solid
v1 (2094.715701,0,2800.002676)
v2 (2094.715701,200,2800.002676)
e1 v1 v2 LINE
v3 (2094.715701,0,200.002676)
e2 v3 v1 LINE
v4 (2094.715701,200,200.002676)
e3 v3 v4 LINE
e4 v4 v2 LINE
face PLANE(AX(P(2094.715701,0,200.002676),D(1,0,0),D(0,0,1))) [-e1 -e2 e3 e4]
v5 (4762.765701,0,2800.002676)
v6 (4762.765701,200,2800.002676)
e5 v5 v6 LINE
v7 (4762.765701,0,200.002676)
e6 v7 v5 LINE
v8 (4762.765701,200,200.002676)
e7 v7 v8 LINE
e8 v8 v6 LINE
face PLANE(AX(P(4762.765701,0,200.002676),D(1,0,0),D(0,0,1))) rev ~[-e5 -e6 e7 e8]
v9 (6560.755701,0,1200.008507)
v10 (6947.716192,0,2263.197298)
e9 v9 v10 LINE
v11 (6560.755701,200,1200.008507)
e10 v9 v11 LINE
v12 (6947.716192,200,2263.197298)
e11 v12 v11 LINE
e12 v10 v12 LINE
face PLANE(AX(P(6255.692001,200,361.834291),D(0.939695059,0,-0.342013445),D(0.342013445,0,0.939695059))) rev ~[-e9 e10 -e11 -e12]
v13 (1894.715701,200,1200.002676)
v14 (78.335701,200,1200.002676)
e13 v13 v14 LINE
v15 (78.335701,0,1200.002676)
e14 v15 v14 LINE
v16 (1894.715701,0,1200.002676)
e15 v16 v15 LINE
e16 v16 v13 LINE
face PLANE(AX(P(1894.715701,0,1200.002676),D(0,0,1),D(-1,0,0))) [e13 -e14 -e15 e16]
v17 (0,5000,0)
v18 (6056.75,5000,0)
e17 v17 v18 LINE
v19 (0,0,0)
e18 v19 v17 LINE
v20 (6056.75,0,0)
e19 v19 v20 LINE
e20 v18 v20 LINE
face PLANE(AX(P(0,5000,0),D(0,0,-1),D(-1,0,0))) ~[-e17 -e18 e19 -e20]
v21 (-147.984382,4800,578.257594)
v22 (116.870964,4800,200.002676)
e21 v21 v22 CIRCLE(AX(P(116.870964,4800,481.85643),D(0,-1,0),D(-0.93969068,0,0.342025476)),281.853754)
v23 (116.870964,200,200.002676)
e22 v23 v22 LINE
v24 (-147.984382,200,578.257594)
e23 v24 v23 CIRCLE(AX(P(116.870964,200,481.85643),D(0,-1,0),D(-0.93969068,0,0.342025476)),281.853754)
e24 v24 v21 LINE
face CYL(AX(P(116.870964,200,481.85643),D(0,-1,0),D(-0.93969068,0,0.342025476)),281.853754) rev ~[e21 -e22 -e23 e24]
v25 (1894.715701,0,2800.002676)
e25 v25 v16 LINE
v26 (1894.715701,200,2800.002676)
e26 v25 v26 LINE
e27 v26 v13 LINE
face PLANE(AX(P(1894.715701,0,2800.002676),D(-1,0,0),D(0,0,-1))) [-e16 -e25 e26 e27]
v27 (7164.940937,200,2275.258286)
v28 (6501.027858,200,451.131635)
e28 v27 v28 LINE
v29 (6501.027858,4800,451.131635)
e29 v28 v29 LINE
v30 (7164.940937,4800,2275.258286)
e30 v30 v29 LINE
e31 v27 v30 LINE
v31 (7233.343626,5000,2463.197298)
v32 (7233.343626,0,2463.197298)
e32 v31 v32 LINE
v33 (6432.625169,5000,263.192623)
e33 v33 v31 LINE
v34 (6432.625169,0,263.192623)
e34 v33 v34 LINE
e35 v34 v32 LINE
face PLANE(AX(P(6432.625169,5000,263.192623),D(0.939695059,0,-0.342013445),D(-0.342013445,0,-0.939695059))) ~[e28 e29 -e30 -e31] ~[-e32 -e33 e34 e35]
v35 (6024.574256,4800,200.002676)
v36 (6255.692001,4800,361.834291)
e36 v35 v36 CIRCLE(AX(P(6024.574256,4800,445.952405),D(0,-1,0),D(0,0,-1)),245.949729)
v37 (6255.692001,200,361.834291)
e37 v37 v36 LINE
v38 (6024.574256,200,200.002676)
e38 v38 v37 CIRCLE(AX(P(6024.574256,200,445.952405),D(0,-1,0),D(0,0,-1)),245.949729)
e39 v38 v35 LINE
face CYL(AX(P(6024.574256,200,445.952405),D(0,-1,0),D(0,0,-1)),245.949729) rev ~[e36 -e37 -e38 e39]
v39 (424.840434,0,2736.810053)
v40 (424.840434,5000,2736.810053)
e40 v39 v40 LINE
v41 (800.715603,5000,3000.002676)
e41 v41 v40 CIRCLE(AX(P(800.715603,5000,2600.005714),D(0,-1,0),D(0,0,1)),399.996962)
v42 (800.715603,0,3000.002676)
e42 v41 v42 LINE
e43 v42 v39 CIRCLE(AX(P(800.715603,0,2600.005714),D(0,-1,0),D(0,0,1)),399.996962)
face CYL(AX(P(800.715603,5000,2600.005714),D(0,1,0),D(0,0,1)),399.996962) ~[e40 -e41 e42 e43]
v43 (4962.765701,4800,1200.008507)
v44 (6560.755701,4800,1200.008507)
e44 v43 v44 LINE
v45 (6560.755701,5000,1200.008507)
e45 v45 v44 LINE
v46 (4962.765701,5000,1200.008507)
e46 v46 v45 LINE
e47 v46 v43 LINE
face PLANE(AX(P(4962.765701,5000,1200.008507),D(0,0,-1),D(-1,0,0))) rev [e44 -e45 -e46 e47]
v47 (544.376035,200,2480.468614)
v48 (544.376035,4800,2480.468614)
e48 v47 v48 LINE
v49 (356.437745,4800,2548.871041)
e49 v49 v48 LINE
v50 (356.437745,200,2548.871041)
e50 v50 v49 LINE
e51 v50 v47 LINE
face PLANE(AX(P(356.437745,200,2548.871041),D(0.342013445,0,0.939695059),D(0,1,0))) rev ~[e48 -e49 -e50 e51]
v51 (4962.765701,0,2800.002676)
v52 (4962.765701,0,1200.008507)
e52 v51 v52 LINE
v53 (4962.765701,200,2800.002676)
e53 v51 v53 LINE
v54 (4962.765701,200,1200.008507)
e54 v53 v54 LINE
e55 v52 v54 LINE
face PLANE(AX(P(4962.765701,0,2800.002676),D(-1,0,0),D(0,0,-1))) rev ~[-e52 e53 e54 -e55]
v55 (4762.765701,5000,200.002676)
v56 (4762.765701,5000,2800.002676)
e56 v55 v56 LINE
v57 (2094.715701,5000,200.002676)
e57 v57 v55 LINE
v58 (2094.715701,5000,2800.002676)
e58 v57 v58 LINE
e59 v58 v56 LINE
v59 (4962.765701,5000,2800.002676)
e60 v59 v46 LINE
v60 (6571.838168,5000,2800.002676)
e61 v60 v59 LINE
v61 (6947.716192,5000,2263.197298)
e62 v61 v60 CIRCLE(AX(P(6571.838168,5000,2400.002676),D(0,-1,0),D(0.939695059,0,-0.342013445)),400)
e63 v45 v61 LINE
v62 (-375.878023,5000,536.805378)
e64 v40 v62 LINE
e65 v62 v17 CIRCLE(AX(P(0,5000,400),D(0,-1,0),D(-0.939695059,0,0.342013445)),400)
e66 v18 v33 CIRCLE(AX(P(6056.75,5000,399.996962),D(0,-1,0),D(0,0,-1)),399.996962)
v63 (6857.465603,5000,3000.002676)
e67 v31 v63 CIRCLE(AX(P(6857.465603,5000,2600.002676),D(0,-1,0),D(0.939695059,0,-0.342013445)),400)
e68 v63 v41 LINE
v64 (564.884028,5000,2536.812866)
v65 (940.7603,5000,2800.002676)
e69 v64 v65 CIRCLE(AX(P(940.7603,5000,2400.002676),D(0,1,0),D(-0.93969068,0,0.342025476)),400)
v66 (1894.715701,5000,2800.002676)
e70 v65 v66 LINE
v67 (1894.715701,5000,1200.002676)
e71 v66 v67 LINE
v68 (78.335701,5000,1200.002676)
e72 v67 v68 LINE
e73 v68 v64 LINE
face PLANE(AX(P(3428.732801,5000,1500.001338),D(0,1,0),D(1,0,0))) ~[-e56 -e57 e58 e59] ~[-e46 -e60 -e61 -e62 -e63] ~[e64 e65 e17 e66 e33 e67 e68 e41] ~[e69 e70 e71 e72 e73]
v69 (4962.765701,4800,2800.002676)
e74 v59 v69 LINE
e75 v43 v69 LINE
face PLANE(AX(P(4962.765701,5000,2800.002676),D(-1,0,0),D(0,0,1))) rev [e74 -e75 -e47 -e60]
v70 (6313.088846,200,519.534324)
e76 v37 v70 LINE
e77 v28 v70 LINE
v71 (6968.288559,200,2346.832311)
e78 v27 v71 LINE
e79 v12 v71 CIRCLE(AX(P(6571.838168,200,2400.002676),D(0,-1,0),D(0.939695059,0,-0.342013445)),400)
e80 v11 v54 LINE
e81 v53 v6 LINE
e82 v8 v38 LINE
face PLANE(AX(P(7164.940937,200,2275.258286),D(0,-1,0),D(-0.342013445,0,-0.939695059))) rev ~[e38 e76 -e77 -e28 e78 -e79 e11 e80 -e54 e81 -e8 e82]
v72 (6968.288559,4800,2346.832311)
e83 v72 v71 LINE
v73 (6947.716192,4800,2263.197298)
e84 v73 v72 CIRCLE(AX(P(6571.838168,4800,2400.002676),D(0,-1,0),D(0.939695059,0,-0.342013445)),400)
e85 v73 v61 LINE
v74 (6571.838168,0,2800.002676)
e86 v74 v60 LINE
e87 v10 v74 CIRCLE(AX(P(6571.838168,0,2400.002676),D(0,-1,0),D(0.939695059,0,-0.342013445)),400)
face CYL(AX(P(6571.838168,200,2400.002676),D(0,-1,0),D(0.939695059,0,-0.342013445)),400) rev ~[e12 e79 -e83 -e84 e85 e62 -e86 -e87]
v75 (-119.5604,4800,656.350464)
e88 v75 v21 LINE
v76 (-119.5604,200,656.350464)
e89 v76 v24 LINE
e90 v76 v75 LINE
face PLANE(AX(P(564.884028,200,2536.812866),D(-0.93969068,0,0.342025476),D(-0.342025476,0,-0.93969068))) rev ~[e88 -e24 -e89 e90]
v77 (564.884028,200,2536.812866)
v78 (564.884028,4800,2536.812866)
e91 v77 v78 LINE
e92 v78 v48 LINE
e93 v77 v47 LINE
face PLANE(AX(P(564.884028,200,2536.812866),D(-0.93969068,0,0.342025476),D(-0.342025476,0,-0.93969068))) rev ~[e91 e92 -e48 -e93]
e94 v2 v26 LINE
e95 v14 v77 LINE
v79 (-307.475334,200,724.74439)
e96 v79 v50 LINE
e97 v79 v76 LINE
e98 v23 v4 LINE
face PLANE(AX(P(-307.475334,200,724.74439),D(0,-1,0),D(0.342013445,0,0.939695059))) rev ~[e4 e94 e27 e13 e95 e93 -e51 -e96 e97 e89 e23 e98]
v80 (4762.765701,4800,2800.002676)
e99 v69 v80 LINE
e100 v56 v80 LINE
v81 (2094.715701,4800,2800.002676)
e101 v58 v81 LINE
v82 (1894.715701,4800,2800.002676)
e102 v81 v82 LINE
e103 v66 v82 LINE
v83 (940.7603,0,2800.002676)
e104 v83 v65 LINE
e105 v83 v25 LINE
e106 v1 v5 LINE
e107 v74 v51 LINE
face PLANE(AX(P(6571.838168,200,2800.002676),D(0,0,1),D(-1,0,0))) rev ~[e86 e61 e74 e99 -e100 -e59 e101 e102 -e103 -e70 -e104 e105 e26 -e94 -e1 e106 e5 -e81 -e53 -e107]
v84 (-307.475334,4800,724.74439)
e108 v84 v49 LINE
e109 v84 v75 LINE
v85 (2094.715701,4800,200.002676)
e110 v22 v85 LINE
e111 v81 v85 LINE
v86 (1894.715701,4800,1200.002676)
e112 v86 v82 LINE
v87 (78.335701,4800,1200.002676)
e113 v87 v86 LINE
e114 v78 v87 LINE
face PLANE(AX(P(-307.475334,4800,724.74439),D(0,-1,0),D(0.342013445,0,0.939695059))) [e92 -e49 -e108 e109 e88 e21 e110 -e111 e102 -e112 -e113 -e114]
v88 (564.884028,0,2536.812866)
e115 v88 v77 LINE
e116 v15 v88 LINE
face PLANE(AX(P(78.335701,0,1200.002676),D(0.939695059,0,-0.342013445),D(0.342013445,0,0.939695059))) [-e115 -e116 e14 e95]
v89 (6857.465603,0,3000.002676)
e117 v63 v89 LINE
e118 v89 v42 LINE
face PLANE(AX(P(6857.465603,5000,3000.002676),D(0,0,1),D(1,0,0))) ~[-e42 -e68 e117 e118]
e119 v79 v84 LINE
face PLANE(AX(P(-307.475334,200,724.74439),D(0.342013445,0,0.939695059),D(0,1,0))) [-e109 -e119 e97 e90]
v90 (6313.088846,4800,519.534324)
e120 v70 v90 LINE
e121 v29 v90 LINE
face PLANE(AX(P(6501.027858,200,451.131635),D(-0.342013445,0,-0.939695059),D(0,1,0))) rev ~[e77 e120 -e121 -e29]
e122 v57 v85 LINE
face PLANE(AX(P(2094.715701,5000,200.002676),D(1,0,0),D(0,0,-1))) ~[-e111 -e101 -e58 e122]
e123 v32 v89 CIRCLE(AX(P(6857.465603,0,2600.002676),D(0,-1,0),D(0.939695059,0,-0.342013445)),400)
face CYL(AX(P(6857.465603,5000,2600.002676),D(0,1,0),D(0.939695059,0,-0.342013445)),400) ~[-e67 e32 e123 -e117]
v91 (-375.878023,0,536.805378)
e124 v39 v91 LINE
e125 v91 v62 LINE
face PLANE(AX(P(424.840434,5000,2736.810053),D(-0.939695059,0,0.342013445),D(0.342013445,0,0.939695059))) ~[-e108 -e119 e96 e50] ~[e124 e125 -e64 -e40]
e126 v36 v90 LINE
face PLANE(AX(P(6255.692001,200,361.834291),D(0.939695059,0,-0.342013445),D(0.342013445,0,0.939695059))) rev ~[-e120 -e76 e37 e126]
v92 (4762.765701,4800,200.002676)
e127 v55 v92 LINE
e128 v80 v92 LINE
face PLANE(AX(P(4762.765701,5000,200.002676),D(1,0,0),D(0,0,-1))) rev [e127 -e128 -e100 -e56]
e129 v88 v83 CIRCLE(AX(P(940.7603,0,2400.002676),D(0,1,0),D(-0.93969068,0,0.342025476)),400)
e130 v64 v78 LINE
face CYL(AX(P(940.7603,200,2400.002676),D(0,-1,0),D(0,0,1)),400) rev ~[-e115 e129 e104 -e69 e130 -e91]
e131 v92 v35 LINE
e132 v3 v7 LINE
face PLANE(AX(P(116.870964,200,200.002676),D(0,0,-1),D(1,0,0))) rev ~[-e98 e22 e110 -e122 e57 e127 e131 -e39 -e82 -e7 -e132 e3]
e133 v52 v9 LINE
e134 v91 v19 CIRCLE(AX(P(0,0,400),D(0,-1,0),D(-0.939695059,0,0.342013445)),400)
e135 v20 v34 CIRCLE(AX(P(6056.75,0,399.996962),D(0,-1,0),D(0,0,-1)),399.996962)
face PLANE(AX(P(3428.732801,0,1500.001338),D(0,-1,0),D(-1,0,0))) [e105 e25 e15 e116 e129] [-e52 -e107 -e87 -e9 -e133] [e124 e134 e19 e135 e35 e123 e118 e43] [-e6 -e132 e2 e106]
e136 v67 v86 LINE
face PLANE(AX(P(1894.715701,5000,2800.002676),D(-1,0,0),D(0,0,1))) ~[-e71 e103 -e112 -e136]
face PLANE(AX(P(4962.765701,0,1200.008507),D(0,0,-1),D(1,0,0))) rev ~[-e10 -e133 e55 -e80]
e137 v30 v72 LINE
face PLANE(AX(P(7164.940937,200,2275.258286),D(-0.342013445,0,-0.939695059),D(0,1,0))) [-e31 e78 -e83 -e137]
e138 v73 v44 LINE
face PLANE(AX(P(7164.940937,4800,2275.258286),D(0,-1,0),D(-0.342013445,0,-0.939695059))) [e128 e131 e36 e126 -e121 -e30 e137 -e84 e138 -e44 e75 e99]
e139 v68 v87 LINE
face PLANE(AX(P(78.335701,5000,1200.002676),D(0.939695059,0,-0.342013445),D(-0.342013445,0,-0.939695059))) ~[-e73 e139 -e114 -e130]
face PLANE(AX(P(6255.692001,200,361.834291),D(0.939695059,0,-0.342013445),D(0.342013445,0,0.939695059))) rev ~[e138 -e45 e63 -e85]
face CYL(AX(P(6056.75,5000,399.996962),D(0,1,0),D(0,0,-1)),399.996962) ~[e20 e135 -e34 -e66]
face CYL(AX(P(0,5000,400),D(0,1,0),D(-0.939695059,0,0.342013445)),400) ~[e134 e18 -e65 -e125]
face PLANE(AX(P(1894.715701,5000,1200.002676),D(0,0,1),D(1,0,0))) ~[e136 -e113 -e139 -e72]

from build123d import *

# Parameters (mm, degrees)
BOSS_EXTRUDE1_DEPTH = 200
SKETCH2_W           = 2668.05
SKETCH2_H           = 2600
CUT_EXTRUDE1_DEPTH  = 230
BOSS_EXTRUDE2_DEPTH = 4600
SKETCH4_W           = 1941.19
SKETCH4_H           = 4600
CUT_EXTRUDE2_DEPTH  = 400
SKETCH5_W           = 1941.19
SKETCH5_H           = 4600
CUT_EXTRUDE3_DEPTH  = 400


with BuildPart() as part:
    # Sketch1 → Boss-Extrude1 (new body)
    with BuildSketch(Plane(origin=(0, 0, 0), x_dir=(1, 0, 0), z_dir=(0, 1, 0))):
        with BuildLine():
            Line((0, 0), (6056.75, 0))
            ThreePointArc((6056.75, 0), (6286.18, -72.339450634), (6432.625169, -263.192623242))
            Line((6432.625169, -263.192623242), (7233.3436263, -2463.197297837))
            ThreePointArc((7233.3436263, -2463.197297837), (7185.1256028, -2829.434418192), (6857.4656028, -3000.002675837))
            Line((6857.4656028, -3000.002675837), (800.7156028, -3000.002675837))
            ThreePointArc((800.7156028, -3000.002675837), (571.2856028, -2927.663225203), (424.8404338, -2736.810052595))
            Line((424.8404338, -2736.810052595), (-375.8780235, -536.805378))
            ThreePointArc((-375.8780235, -536.805378), (-327.66, -170.568257645), (0, 0))
        make_face()
    boss_extrude1 = extrude(amount=BOSS_EXTRUDE1_DEPTH)

    # Sketch2 → Cut-Extrude1 (cut)
    with BuildSketch(Plane.XZ):
        with BuildLine():
            Line((78.33570102, 1200.002675837), (564.884027877, 2536.812866415))
            ThreePointArc((564.884027877, 2536.812866415), (711.330655008, 2727.664144606), (940.760299746, 2800.002675837))
            Line((940.760299746, 2800.002675837), (1894.71570102, 2800.002675837))
            Line((1894.71570102, 2800.002675837), (1894.71570102, 1200.002675837))
            Line((1894.71570102, 1200.002675837), (78.33570102, 1200.002675837))
        make_face()
        with Locations((3428.74070102, 1500.002675837)):
            Rectangle(SKETCH2_W, SKETCH2_H)
        with BuildLine():
            Line((4962.76570102, 2800.002675837), (4962.76570102, 1200.008507233))
            Line((4962.76570102, 1200.008507233), (6560.75570102, 1200.008507233))
            Line((6560.75570102, 1200.008507233), (6947.716191633, 2263.197297837))
            ThreePointArc((6947.716191633, 2263.197297837), (6899.498168133, 2629.434418192), (6571.838168133, 2800.002675837))
            Line((6571.838168133, 2800.002675837), (4962.76570102, 2800.002675837))
        make_face()
    cut_extrude1 = extrude(amount=-CUT_EXTRUDE1_DEPTH, mode=Mode.SUBTRACT)

    # Sketch3 → Boss-Extrude2 (add)
    with BuildSketch(Plane(origin=(0, 200, 0), x_dir=(1, 0, 0), z_dir=(0, 1, 0))):
        with BuildLine():
            Line((0, 0), (6056.75, 0))
            ThreePointArc((6056.75, 0), (6286.18, -72.339450634), (6432.625169, -263.192623242))
            Line((6432.625169, -263.192623242), (7233.3436263, -2463.197297837))
            ThreePointArc((7233.3436263, -2463.197297837), (7185.1256028, -2829.434418192), (6857.4656028, -3000.002675837))
            Line((6857.4656028, -3000.002675837), (800.7156028, -3000.002675837))
            ThreePointArc((800.7156028, -3000.002675837), (571.2856028, -2927.663225203), (424.8404338, -2736.810052595))
            Line((424.8404338, -2736.810052595), (-375.8780235, -536.805378))
            ThreePointArc((-375.8780235, -536.805378), (-327.66, -170.568257645), (0, 0))
        make_face()
        with BuildLine():
            Line((564.884027877, -2536.812866415), (-147.984381612, -578.257593887))
            ThreePointArc((-147.984381612, -578.257593887), (-114.010573522, -320.192413074), (116.870963738, -200.002675837))
            Line((116.870963738, -200.002675837), (6024.574255854, -200.002675837))
            ThreePointArc((6024.574255854, -200.002675837), (6165.645943267, -244.482684413), (6255.692001343, -361.834291038))
            Line((6255.692001343, -361.834291038), (6947.716191633, -2263.197297837))
            ThreePointArc((6947.716191633, -2263.197297837), (6899.498168133, -2629.434418192), (6571.838168133, -2800.002675837))
            Line((6571.838168133, -2800.002675837), (940.760299746, -2800.002675837))
            ThreePointArc((940.760299746, -2800.002675837), (711.330655008, -2727.664144606), (564.884027877, -2536.812866415))
        make_face(mode=Mode.SUBTRACT)
    extrude(amount=BOSS_EXTRUDE2_DEPTH)

    # Mirror2: Boss-Extrude1, Cut-Extrude1 across plane
    add(boss_extrude1.mirror(Plane.ZX.offset(2500)))
    add(cut_extrude1.mirror(Plane.ZX.offset(2500)), mode=Mode.SUBTRACT)

    # Sketch4 → Cut-Extrude2 (cut)
    with BuildSketch(Plane(origin=(5595.593399291, 0, -2036.584270068), x_dir=(-0.3420134450000002, 0, -0.9396950587500351), z_dir=(0.9396950587500351, 0, -0.3420134450000002))):
        with Locations((-3617.960102004, 2500)):
            Rectangle(SKETCH4_W, SKETCH4_H)
    extrude(amount=-CUT_EXTRUDE2_DEPTH, mode=Mode.SUBTRACT)

    # Sketch5 → Cut-Extrude3 (cut)
    with BuildSketch(Plane(origin=(-504.433361217, 0, 183.594656624), x_dir=(0.34201344499999986, 0, 0.9396950587500352), z_dir=(-0.9396950587500353, 0, 0.34201344499999986))):
        with Locations((1546.4730235, 2500)):
            Rectangle(SKETCH5_W, SKETCH5_H)
    extrude(amount=-CUT_EXTRUDE3_DEPTH, mode=Mode.SUBTRACT)


solid = part.part
